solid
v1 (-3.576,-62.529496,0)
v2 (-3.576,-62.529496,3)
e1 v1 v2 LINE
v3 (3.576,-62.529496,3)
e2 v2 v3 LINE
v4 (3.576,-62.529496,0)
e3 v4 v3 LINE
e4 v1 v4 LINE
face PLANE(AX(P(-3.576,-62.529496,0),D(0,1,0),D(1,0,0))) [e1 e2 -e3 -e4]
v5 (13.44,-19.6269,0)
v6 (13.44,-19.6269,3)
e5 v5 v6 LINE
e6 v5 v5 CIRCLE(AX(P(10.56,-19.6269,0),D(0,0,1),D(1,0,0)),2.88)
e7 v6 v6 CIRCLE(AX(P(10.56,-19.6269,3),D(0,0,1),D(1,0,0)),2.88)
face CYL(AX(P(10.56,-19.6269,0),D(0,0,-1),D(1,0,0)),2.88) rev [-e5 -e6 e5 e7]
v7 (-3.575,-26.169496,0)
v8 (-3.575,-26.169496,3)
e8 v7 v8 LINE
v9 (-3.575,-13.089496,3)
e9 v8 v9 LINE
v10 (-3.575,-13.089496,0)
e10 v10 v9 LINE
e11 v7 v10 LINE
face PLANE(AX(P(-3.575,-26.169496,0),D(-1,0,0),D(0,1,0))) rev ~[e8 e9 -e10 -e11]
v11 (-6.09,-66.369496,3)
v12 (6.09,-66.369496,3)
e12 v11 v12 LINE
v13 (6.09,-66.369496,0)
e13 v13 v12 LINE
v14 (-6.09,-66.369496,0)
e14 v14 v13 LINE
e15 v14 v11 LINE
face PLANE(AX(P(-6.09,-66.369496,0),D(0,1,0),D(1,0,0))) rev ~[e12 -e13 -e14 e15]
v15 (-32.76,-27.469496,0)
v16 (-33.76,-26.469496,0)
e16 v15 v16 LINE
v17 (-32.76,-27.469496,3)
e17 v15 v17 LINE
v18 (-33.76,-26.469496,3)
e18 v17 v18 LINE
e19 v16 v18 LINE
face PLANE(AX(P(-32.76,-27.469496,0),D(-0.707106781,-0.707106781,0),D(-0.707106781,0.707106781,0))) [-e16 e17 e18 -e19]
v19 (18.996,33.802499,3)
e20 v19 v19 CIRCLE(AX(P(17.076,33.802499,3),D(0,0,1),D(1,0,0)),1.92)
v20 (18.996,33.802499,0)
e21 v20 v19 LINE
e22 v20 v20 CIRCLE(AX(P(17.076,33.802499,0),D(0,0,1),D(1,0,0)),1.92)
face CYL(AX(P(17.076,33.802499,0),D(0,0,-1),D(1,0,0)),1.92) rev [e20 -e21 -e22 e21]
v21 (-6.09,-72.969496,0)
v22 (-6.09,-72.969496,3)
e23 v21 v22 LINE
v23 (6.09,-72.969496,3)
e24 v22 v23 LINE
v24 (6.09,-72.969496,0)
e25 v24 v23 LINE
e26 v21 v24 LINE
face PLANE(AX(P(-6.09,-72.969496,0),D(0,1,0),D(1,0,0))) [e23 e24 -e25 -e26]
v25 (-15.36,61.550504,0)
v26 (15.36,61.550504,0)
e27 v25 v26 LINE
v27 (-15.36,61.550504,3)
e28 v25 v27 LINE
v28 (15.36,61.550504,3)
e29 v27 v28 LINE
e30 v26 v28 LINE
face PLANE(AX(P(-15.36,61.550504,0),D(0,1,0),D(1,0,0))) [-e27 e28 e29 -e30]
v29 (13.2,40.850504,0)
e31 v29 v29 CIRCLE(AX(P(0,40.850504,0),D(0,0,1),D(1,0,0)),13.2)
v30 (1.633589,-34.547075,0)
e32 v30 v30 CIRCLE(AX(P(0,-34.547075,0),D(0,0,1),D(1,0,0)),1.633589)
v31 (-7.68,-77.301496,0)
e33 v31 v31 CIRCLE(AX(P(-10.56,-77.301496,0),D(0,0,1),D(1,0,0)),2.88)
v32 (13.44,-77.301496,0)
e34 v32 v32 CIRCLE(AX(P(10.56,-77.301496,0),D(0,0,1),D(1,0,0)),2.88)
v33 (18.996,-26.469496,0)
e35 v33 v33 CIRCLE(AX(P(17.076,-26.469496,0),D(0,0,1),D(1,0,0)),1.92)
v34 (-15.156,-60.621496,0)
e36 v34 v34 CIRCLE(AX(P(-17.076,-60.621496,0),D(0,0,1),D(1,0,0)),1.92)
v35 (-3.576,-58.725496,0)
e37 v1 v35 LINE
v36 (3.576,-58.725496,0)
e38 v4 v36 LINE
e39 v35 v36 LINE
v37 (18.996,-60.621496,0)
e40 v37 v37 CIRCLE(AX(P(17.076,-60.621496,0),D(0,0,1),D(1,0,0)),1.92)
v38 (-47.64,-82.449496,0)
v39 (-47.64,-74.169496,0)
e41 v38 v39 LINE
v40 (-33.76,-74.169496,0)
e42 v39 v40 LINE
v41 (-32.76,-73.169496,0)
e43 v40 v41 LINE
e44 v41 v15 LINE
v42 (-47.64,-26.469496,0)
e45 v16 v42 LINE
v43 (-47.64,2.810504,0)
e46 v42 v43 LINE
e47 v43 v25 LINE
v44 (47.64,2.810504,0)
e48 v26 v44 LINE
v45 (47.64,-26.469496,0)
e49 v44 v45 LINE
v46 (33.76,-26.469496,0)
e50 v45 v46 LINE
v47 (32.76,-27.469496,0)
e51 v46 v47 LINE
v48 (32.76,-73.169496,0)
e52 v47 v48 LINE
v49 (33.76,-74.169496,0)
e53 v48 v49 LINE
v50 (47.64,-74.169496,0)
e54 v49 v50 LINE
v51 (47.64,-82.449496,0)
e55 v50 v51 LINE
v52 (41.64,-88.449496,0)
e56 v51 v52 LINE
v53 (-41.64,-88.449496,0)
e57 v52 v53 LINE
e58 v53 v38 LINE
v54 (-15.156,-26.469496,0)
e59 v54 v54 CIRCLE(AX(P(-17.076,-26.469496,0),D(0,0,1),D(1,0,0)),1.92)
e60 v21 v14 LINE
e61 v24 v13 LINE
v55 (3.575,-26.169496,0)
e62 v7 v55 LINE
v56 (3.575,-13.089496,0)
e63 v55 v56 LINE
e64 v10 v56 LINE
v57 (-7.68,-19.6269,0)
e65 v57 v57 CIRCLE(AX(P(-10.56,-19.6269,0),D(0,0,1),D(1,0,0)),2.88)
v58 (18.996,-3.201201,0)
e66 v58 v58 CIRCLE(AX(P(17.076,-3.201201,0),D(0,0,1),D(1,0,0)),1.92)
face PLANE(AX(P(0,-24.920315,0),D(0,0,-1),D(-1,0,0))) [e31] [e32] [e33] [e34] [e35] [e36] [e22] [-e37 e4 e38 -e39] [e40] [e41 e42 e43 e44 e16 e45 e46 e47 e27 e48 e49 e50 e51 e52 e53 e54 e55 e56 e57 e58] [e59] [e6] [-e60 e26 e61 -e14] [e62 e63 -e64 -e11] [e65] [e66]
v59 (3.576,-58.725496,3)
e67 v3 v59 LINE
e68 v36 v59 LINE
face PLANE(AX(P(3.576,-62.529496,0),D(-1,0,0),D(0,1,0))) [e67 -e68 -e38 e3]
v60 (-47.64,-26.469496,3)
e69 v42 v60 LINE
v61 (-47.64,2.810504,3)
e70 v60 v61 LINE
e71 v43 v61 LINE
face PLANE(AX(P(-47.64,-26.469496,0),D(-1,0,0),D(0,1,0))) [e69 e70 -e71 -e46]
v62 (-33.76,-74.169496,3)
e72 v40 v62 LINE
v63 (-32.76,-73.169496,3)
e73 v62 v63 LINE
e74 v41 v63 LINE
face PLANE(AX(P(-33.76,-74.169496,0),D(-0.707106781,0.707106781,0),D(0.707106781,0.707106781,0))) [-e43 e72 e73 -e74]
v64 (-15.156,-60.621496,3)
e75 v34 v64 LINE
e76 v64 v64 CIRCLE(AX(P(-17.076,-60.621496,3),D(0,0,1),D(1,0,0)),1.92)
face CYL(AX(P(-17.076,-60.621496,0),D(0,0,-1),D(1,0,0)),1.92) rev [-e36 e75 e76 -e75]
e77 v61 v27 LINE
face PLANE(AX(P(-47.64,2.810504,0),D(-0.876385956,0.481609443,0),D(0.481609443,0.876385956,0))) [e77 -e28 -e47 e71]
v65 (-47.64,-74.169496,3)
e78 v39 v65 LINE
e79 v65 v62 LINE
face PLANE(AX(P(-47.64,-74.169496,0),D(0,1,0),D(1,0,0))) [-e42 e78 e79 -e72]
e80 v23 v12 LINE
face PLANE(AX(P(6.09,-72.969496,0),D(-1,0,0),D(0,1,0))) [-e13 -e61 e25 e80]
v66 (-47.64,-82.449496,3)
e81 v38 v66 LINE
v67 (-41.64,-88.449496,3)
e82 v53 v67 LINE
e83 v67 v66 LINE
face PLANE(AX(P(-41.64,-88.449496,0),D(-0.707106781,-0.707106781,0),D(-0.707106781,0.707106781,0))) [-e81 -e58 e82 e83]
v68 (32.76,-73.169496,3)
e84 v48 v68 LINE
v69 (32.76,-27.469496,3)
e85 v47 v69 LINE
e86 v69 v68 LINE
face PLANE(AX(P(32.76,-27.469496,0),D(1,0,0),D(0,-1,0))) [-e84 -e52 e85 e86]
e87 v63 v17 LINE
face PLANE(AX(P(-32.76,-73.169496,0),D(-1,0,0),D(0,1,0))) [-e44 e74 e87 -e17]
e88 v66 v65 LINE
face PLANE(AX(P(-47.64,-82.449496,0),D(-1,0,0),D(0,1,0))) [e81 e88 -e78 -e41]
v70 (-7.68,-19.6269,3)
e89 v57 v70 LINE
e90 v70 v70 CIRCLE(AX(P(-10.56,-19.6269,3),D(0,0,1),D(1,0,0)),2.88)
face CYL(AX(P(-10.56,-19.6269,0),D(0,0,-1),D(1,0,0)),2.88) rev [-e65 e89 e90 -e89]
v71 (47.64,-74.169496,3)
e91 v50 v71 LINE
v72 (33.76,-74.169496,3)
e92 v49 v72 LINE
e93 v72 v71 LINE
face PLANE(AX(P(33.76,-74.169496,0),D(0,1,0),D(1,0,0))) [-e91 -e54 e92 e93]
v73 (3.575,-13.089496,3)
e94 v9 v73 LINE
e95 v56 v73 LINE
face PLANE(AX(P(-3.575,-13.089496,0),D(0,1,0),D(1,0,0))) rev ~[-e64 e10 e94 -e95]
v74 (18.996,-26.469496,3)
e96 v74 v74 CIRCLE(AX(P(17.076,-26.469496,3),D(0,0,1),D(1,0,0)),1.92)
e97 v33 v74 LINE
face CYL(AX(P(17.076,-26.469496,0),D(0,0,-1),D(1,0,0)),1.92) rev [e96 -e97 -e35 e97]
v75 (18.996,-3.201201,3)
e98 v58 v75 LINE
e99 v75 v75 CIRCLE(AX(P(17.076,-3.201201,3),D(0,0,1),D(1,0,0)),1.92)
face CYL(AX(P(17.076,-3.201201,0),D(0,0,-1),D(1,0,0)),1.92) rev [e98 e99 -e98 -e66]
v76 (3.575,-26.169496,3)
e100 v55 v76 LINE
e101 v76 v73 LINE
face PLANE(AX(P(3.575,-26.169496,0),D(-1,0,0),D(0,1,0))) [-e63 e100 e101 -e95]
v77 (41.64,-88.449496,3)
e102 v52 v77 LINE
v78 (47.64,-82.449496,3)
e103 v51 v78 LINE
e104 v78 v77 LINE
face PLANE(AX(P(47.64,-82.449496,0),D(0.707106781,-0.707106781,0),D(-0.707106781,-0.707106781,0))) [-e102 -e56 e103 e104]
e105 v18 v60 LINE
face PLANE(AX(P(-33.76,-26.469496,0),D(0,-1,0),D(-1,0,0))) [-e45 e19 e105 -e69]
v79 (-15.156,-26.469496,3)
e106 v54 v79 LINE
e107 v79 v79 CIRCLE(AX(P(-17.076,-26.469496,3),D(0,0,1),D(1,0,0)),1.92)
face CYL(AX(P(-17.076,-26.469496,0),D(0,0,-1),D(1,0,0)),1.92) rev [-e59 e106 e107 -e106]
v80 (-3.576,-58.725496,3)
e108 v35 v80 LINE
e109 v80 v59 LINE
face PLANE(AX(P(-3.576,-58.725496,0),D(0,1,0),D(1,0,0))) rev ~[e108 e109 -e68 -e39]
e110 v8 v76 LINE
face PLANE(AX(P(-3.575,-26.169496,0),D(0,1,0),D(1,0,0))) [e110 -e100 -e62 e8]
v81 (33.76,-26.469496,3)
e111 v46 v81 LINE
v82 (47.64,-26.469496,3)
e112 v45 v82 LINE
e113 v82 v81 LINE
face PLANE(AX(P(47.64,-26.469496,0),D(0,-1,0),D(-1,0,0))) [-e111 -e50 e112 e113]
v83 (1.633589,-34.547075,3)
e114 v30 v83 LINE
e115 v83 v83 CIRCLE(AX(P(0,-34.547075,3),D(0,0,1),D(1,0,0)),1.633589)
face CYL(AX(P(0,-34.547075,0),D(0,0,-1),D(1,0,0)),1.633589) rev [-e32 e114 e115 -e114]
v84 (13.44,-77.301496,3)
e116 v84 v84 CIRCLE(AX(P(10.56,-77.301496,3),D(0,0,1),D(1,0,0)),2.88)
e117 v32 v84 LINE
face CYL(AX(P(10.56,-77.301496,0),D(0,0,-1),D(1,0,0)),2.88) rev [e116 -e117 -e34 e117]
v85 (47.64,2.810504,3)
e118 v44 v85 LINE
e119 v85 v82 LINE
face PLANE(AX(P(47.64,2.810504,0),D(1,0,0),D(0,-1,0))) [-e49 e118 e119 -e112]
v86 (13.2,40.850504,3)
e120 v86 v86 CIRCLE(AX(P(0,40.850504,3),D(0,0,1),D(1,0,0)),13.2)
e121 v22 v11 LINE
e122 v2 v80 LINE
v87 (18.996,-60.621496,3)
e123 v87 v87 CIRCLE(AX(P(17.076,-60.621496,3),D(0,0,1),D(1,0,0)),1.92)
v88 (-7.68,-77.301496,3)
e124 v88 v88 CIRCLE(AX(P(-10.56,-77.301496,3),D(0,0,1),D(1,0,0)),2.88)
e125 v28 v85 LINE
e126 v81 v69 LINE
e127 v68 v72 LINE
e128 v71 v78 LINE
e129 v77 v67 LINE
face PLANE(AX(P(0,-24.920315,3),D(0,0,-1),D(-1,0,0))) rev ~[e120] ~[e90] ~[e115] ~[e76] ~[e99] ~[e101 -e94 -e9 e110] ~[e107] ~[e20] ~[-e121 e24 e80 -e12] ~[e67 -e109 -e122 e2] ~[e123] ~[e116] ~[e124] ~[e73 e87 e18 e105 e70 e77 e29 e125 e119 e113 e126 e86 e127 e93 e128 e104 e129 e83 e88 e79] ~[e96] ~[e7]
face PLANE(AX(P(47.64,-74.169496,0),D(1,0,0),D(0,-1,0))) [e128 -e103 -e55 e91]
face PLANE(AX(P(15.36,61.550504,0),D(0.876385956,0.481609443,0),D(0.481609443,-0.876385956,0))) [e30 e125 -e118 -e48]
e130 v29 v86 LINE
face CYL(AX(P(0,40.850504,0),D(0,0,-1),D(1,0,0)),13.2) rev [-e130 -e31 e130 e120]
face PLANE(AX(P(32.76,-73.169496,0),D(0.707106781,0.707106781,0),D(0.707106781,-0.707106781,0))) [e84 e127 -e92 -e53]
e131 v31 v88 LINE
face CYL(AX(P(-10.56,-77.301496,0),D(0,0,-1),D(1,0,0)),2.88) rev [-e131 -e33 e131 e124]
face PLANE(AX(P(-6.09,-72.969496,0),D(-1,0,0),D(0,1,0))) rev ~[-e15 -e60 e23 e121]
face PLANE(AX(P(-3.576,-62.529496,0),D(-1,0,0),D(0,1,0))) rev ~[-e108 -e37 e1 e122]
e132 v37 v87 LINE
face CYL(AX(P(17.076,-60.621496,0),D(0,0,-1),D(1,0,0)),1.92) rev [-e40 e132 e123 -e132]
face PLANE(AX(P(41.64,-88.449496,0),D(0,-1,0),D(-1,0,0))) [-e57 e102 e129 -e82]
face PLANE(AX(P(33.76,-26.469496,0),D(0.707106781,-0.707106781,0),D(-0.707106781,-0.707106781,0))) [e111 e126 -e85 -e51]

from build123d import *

# Parameters (mm, degrees)
ESQUISSE1_R        = 13.2
ESQUISSE1_R_2      = 1.92
ESQUISSE1_R_3      = 2.88
ESQUISSE1_R_4      = 1.63358903
ESQUISSE1_W        = 7.152
ESQUISSE1_H        = 3.804
ESQUISSE1_W_2      = 7.15
ESQUISSE1_H_2      = 13.08
ESQUISSE1_W_3      = 12.18
ESQUISSE1_H_3      = 6.6
BOSS_EXTRU_1_DEPTH = 3


with BuildPart() as part:
    # Esquisse1 → Boss.-Extru.1 (new body)
    with BuildSketch(Plane.XY):
        Polygon((-15.36, 61.550503597), (15.36, 61.550503597), (47.64, 2.810503597), (47.64, -26.469496403), (33.76, -26.469496403), (32.76, -27.469496403), (32.76, -73.169496403), (33.76, -74.169496403), (47.64, -74.169496403), (47.64, -82.449496403), (41.64, -88.449496403), (-41.64, -88.449496403), (-47.64, -82.449496403), (-47.64, -74.169496403), (-33.76, -74.169496403), (-32.76, -73.169496403), (-32.76, -27.469496403), (-33.76, -26.469496403), (-47.64, -26.469496403), (-47.64, 2.810503597), align=None)
        with Locations((0, 40.850503597)):
            Circle(ESQUISSE1_R, mode=Mode.SUBTRACT)
        with Locations((17.076, -26.469496403)):
            Circle(ESQUISSE1_R_2, mode=Mode.SUBTRACT)
        with Locations((17.076, -60.621496403)):
            Circle(ESQUISSE1_R_2, mode=Mode.SUBTRACT)
        with Locations((10.56, -77.301496403)):
            Circle(ESQUISSE1_R_3, mode=Mode.SUBTRACT)
        with Locations((-10.56, -77.301496403)):
            Circle(ESQUISSE1_R_3, mode=Mode.SUBTRACT)
        with Locations((-17.076, -60.621496403)):
            Circle(ESQUISSE1_R_2, mode=Mode.SUBTRACT)
        with Locations((-17.076, -26.469496403)):
            Circle(ESQUISSE1_R_2, mode=Mode.SUBTRACT)
        with Locations((17.076, 33.802499019)):
            Circle(ESQUISSE1_R_2, mode=Mode.SUBTRACT)
        with Locations((17.076, -3.201200519)):
            Circle(ESQUISSE1_R_2, mode=Mode.SUBTRACT)
        with Locations((0, -34.547074796)):
            Circle(ESQUISSE1_R_4, mode=Mode.SUBTRACT)
        with Locations((10.56, -19.626900252)):
            Circle(ESQUISSE1_R_3, mode=Mode.SUBTRACT)
        with Locations((-10.56, -19.626900252)):
            Circle(ESQUISSE1_R_3, mode=Mode.SUBTRACT)
        with Locations((0, -60.627496403)):
            Rectangle(ESQUISSE1_W, ESQUISSE1_H, mode=Mode.SUBTRACT)
        with Locations((0, -19.629496403)):
            Rectangle(ESQUISSE1_W_2, ESQUISSE1_H_2, mode=Mode.SUBTRACT)
        with Locations((0, -69.669496403)):
            Rectangle(ESQUISSE1_W_3, ESQUISSE1_H_3, mode=Mode.SUBTRACT)
    extrude(amount=BOSS_EXTRU_1_DEPTH)


solid = part.part
